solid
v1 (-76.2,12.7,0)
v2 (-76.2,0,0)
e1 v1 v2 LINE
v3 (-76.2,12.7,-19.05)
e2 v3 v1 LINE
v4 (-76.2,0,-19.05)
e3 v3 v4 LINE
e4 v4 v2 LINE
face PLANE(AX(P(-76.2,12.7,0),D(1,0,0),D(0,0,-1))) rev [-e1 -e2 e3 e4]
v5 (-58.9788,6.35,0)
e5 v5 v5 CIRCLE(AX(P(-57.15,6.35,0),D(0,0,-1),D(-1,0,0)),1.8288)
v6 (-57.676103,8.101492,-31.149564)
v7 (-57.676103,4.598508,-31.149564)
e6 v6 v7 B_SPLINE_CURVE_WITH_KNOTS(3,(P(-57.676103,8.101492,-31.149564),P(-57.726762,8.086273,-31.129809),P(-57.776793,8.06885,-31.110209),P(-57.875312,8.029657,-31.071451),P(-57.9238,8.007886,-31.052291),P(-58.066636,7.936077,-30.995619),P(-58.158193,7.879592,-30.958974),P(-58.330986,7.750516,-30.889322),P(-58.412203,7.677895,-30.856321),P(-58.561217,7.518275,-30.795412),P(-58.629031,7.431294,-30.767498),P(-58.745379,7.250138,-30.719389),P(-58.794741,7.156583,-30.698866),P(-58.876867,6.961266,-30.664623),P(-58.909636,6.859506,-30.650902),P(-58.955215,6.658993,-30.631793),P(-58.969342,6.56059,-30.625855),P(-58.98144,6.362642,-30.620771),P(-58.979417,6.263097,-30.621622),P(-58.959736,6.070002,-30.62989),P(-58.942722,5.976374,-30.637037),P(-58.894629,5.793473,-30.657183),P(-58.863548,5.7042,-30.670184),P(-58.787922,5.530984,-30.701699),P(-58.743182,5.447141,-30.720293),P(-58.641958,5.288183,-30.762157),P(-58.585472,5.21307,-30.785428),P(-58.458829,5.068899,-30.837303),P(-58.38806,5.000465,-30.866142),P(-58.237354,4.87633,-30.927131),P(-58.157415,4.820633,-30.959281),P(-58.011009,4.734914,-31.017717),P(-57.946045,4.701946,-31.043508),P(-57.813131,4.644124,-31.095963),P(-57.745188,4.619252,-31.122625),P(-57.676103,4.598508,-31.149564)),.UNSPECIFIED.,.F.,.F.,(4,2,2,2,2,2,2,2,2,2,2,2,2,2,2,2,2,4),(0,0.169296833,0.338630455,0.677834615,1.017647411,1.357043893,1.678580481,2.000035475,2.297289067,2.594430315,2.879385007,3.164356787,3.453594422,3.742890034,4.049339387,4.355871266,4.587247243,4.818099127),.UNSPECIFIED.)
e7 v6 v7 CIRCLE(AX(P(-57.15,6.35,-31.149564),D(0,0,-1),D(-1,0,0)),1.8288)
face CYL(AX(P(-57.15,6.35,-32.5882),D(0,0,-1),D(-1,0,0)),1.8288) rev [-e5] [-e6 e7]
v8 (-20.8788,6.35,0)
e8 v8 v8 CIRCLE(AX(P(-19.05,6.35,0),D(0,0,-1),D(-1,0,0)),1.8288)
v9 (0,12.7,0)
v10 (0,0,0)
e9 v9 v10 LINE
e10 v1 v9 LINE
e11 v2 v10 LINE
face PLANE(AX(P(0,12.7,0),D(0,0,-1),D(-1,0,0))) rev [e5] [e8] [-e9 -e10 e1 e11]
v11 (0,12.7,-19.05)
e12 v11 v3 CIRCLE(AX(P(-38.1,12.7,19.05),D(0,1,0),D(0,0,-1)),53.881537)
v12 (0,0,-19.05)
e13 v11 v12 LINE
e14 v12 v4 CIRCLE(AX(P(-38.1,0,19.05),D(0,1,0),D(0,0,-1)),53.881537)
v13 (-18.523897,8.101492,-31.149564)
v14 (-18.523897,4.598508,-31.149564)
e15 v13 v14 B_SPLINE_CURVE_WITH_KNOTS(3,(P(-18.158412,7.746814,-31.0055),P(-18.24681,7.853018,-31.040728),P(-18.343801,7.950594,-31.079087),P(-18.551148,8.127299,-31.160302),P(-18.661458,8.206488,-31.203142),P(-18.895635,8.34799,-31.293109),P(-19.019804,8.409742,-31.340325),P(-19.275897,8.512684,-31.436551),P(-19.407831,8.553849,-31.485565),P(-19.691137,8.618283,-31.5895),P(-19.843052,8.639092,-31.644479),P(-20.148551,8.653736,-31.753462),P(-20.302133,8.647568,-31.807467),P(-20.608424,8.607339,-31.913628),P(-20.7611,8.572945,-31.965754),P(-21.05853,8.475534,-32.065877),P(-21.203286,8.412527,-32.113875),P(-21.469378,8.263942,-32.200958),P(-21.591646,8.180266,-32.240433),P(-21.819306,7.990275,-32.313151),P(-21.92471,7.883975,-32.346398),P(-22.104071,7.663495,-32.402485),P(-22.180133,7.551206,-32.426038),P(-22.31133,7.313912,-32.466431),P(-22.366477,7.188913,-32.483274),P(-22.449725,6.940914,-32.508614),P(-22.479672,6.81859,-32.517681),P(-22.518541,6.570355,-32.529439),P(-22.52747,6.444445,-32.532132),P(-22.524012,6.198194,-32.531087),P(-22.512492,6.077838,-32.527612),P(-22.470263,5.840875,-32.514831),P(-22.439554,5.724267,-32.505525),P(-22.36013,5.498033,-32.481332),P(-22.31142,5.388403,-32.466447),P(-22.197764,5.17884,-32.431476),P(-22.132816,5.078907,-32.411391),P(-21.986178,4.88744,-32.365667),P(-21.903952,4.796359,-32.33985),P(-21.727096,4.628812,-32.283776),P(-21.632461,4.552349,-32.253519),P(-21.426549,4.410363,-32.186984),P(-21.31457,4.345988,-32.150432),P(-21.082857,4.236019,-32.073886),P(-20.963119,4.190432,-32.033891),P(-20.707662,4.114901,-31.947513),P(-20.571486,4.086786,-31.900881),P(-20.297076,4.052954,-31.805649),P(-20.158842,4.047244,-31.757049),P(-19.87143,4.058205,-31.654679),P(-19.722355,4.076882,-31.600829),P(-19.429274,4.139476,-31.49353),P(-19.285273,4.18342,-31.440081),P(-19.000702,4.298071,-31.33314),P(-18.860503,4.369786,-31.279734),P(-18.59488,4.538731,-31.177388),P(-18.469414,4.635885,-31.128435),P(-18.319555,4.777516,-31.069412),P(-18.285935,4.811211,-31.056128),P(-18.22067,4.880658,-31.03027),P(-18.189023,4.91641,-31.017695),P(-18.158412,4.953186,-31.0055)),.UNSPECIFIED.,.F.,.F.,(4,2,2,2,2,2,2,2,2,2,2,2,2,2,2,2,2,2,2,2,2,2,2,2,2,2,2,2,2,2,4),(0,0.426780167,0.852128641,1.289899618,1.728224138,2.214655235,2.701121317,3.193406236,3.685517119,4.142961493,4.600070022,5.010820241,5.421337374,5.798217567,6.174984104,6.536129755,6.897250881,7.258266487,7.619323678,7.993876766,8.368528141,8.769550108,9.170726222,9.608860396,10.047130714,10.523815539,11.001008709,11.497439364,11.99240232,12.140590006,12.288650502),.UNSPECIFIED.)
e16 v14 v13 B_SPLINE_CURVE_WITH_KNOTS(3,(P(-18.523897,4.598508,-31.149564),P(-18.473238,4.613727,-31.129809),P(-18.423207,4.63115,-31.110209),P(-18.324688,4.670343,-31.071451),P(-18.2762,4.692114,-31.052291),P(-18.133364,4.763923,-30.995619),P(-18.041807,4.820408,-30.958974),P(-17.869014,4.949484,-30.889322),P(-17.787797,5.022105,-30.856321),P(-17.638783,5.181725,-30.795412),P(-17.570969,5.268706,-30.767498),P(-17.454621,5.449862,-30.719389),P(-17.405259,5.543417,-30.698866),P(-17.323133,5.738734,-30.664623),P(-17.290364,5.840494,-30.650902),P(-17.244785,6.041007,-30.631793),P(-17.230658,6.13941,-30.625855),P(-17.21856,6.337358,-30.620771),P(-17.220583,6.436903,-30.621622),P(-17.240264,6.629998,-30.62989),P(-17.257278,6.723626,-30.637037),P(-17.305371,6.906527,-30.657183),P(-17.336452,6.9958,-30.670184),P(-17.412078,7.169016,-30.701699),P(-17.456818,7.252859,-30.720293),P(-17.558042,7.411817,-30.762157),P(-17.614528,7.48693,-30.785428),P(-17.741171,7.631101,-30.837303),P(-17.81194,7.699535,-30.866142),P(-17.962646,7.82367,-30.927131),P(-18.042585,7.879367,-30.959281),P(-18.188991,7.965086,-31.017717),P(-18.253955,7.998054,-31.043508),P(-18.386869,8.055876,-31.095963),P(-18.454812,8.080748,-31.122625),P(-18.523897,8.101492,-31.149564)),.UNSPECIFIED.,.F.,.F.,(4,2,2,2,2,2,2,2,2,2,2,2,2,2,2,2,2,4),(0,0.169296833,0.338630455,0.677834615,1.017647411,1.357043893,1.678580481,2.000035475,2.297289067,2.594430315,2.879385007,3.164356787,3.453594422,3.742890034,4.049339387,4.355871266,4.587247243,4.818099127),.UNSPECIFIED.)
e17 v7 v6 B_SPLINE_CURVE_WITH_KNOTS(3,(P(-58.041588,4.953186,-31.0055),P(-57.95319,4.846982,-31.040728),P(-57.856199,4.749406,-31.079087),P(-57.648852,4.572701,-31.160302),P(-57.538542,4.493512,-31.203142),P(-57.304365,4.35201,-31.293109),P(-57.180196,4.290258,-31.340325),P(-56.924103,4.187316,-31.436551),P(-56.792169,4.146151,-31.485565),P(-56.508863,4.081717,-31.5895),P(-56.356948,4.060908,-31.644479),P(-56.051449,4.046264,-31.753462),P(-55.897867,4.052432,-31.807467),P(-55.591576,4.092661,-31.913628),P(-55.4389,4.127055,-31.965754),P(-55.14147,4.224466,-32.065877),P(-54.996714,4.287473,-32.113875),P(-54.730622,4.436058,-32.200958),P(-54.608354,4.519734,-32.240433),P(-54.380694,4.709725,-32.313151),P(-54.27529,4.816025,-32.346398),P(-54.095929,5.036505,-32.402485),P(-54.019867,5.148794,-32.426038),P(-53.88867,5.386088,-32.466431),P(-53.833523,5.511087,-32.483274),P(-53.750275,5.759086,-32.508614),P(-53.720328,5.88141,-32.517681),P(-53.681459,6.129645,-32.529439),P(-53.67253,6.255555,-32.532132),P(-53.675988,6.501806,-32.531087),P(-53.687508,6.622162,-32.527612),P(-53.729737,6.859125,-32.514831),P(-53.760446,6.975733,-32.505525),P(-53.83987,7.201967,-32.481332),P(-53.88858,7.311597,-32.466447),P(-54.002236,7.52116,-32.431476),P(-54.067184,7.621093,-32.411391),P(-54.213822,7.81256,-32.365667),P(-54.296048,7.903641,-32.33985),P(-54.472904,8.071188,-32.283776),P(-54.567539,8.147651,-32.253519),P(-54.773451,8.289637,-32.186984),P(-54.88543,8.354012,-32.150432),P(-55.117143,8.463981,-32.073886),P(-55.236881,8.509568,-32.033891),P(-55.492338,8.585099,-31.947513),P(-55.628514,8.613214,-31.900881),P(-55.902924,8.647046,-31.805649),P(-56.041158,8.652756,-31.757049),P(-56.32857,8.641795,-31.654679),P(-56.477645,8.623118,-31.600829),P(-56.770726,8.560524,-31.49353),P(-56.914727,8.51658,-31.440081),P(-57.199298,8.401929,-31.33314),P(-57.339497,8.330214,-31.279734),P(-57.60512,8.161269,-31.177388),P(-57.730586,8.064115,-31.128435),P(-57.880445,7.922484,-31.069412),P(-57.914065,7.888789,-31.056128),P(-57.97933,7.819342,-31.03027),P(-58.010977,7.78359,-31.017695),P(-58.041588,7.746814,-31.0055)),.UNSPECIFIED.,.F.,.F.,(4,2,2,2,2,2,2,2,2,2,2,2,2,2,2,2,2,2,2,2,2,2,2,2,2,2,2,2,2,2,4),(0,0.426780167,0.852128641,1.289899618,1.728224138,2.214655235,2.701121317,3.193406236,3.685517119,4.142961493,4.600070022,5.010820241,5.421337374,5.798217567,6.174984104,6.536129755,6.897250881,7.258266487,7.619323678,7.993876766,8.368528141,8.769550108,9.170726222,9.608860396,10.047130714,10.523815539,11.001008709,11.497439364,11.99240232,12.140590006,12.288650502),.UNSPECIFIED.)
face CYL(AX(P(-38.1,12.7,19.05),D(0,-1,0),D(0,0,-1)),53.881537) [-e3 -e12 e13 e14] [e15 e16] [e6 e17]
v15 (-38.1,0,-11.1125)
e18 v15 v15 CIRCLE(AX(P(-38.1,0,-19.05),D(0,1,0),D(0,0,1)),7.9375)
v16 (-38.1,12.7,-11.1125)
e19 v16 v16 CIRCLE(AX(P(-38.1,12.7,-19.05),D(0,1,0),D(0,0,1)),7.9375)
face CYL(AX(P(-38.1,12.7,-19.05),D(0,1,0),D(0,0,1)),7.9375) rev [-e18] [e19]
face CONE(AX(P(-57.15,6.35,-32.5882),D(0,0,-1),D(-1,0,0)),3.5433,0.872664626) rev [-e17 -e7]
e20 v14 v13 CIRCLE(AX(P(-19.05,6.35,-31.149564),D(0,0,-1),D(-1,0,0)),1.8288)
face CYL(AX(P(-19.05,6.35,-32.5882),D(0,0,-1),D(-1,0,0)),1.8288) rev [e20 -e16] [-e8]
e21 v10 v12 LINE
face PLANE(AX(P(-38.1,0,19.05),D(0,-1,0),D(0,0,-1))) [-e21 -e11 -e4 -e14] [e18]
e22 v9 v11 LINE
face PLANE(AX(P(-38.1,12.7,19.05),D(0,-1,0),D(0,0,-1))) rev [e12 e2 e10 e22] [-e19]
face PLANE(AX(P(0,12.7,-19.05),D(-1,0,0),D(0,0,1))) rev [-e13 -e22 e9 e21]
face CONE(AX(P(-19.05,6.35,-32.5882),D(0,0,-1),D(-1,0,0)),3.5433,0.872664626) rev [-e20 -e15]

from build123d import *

# Parameters (mm, degrees)
BOSS_EXTRUDE1_DEPTH                               = 12.7
F_5_8_0_6250_DOWEL_HOLE2_D                        = 15.875
CSK_FOR_6_FLAT_HEAD_MACHINE_SCREW_100_D           = 3.6576
CSK_FOR_6_FLAT_HEAD_MACHINE_SCREW_100_CSINK_D     = 7.0866
CSK_FOR_6_FLAT_HEAD_MACHINE_SCREW_100_CSINK_ANGLE = 100


with BuildPart() as part:
    # Sketch2 → Boss-Extrude1 (new body)
    with BuildSketch(Plane(origin=(0, 0, 0), x_dir=(1, 0, 0), z_dir=(0, 1, 0))):
        with BuildLine():
            Line((0, 0), (-76.2, 0))
            Line((-76.2, 0), (-76.2, 19.05))
            ThreePointArc((-76.2, 19.05), (-38.1, 34.831536726), (0, 19.05))
            Line((0, 19.05), (0, 0))
        make_face()
    extrude(amount=BOSS_EXTRUDE1_DEPTH)

    # 5/8 (0.6250) Dowel Hole2 (through all)
    with Locations(Plane(origin=(0, 12.7, 0), x_dir=(1, 0, 0), z_dir=(0, 1, 0))):
        with Locations((-38.1, 19.05)):
            Hole(F_5_8_0_6250_DOWEL_HOLE2_D / 2)

    # CSK for #6 Flat Head Machine Screw (100)3 (through all)
    with Locations(Plane(origin=(0, 0, -32.5882), x_dir=(1, 0, 0), z_dir=(0, 0, -1))):
        with Locations((-19.05, -6.35), (-57.15, -6.35)):
            CounterSinkHole(CSK_FOR_6_FLAT_HEAD_MACHINE_SCREW_100_D / 2, CSK_FOR_6_FLAT_HEAD_MACHINE_SCREW_100_CSINK_D / 2, counter_sink_angle=CSK_FOR_6_FLAT_HEAD_MACHINE_SCREW_100_CSINK_ANGLE)


solid = part.part
